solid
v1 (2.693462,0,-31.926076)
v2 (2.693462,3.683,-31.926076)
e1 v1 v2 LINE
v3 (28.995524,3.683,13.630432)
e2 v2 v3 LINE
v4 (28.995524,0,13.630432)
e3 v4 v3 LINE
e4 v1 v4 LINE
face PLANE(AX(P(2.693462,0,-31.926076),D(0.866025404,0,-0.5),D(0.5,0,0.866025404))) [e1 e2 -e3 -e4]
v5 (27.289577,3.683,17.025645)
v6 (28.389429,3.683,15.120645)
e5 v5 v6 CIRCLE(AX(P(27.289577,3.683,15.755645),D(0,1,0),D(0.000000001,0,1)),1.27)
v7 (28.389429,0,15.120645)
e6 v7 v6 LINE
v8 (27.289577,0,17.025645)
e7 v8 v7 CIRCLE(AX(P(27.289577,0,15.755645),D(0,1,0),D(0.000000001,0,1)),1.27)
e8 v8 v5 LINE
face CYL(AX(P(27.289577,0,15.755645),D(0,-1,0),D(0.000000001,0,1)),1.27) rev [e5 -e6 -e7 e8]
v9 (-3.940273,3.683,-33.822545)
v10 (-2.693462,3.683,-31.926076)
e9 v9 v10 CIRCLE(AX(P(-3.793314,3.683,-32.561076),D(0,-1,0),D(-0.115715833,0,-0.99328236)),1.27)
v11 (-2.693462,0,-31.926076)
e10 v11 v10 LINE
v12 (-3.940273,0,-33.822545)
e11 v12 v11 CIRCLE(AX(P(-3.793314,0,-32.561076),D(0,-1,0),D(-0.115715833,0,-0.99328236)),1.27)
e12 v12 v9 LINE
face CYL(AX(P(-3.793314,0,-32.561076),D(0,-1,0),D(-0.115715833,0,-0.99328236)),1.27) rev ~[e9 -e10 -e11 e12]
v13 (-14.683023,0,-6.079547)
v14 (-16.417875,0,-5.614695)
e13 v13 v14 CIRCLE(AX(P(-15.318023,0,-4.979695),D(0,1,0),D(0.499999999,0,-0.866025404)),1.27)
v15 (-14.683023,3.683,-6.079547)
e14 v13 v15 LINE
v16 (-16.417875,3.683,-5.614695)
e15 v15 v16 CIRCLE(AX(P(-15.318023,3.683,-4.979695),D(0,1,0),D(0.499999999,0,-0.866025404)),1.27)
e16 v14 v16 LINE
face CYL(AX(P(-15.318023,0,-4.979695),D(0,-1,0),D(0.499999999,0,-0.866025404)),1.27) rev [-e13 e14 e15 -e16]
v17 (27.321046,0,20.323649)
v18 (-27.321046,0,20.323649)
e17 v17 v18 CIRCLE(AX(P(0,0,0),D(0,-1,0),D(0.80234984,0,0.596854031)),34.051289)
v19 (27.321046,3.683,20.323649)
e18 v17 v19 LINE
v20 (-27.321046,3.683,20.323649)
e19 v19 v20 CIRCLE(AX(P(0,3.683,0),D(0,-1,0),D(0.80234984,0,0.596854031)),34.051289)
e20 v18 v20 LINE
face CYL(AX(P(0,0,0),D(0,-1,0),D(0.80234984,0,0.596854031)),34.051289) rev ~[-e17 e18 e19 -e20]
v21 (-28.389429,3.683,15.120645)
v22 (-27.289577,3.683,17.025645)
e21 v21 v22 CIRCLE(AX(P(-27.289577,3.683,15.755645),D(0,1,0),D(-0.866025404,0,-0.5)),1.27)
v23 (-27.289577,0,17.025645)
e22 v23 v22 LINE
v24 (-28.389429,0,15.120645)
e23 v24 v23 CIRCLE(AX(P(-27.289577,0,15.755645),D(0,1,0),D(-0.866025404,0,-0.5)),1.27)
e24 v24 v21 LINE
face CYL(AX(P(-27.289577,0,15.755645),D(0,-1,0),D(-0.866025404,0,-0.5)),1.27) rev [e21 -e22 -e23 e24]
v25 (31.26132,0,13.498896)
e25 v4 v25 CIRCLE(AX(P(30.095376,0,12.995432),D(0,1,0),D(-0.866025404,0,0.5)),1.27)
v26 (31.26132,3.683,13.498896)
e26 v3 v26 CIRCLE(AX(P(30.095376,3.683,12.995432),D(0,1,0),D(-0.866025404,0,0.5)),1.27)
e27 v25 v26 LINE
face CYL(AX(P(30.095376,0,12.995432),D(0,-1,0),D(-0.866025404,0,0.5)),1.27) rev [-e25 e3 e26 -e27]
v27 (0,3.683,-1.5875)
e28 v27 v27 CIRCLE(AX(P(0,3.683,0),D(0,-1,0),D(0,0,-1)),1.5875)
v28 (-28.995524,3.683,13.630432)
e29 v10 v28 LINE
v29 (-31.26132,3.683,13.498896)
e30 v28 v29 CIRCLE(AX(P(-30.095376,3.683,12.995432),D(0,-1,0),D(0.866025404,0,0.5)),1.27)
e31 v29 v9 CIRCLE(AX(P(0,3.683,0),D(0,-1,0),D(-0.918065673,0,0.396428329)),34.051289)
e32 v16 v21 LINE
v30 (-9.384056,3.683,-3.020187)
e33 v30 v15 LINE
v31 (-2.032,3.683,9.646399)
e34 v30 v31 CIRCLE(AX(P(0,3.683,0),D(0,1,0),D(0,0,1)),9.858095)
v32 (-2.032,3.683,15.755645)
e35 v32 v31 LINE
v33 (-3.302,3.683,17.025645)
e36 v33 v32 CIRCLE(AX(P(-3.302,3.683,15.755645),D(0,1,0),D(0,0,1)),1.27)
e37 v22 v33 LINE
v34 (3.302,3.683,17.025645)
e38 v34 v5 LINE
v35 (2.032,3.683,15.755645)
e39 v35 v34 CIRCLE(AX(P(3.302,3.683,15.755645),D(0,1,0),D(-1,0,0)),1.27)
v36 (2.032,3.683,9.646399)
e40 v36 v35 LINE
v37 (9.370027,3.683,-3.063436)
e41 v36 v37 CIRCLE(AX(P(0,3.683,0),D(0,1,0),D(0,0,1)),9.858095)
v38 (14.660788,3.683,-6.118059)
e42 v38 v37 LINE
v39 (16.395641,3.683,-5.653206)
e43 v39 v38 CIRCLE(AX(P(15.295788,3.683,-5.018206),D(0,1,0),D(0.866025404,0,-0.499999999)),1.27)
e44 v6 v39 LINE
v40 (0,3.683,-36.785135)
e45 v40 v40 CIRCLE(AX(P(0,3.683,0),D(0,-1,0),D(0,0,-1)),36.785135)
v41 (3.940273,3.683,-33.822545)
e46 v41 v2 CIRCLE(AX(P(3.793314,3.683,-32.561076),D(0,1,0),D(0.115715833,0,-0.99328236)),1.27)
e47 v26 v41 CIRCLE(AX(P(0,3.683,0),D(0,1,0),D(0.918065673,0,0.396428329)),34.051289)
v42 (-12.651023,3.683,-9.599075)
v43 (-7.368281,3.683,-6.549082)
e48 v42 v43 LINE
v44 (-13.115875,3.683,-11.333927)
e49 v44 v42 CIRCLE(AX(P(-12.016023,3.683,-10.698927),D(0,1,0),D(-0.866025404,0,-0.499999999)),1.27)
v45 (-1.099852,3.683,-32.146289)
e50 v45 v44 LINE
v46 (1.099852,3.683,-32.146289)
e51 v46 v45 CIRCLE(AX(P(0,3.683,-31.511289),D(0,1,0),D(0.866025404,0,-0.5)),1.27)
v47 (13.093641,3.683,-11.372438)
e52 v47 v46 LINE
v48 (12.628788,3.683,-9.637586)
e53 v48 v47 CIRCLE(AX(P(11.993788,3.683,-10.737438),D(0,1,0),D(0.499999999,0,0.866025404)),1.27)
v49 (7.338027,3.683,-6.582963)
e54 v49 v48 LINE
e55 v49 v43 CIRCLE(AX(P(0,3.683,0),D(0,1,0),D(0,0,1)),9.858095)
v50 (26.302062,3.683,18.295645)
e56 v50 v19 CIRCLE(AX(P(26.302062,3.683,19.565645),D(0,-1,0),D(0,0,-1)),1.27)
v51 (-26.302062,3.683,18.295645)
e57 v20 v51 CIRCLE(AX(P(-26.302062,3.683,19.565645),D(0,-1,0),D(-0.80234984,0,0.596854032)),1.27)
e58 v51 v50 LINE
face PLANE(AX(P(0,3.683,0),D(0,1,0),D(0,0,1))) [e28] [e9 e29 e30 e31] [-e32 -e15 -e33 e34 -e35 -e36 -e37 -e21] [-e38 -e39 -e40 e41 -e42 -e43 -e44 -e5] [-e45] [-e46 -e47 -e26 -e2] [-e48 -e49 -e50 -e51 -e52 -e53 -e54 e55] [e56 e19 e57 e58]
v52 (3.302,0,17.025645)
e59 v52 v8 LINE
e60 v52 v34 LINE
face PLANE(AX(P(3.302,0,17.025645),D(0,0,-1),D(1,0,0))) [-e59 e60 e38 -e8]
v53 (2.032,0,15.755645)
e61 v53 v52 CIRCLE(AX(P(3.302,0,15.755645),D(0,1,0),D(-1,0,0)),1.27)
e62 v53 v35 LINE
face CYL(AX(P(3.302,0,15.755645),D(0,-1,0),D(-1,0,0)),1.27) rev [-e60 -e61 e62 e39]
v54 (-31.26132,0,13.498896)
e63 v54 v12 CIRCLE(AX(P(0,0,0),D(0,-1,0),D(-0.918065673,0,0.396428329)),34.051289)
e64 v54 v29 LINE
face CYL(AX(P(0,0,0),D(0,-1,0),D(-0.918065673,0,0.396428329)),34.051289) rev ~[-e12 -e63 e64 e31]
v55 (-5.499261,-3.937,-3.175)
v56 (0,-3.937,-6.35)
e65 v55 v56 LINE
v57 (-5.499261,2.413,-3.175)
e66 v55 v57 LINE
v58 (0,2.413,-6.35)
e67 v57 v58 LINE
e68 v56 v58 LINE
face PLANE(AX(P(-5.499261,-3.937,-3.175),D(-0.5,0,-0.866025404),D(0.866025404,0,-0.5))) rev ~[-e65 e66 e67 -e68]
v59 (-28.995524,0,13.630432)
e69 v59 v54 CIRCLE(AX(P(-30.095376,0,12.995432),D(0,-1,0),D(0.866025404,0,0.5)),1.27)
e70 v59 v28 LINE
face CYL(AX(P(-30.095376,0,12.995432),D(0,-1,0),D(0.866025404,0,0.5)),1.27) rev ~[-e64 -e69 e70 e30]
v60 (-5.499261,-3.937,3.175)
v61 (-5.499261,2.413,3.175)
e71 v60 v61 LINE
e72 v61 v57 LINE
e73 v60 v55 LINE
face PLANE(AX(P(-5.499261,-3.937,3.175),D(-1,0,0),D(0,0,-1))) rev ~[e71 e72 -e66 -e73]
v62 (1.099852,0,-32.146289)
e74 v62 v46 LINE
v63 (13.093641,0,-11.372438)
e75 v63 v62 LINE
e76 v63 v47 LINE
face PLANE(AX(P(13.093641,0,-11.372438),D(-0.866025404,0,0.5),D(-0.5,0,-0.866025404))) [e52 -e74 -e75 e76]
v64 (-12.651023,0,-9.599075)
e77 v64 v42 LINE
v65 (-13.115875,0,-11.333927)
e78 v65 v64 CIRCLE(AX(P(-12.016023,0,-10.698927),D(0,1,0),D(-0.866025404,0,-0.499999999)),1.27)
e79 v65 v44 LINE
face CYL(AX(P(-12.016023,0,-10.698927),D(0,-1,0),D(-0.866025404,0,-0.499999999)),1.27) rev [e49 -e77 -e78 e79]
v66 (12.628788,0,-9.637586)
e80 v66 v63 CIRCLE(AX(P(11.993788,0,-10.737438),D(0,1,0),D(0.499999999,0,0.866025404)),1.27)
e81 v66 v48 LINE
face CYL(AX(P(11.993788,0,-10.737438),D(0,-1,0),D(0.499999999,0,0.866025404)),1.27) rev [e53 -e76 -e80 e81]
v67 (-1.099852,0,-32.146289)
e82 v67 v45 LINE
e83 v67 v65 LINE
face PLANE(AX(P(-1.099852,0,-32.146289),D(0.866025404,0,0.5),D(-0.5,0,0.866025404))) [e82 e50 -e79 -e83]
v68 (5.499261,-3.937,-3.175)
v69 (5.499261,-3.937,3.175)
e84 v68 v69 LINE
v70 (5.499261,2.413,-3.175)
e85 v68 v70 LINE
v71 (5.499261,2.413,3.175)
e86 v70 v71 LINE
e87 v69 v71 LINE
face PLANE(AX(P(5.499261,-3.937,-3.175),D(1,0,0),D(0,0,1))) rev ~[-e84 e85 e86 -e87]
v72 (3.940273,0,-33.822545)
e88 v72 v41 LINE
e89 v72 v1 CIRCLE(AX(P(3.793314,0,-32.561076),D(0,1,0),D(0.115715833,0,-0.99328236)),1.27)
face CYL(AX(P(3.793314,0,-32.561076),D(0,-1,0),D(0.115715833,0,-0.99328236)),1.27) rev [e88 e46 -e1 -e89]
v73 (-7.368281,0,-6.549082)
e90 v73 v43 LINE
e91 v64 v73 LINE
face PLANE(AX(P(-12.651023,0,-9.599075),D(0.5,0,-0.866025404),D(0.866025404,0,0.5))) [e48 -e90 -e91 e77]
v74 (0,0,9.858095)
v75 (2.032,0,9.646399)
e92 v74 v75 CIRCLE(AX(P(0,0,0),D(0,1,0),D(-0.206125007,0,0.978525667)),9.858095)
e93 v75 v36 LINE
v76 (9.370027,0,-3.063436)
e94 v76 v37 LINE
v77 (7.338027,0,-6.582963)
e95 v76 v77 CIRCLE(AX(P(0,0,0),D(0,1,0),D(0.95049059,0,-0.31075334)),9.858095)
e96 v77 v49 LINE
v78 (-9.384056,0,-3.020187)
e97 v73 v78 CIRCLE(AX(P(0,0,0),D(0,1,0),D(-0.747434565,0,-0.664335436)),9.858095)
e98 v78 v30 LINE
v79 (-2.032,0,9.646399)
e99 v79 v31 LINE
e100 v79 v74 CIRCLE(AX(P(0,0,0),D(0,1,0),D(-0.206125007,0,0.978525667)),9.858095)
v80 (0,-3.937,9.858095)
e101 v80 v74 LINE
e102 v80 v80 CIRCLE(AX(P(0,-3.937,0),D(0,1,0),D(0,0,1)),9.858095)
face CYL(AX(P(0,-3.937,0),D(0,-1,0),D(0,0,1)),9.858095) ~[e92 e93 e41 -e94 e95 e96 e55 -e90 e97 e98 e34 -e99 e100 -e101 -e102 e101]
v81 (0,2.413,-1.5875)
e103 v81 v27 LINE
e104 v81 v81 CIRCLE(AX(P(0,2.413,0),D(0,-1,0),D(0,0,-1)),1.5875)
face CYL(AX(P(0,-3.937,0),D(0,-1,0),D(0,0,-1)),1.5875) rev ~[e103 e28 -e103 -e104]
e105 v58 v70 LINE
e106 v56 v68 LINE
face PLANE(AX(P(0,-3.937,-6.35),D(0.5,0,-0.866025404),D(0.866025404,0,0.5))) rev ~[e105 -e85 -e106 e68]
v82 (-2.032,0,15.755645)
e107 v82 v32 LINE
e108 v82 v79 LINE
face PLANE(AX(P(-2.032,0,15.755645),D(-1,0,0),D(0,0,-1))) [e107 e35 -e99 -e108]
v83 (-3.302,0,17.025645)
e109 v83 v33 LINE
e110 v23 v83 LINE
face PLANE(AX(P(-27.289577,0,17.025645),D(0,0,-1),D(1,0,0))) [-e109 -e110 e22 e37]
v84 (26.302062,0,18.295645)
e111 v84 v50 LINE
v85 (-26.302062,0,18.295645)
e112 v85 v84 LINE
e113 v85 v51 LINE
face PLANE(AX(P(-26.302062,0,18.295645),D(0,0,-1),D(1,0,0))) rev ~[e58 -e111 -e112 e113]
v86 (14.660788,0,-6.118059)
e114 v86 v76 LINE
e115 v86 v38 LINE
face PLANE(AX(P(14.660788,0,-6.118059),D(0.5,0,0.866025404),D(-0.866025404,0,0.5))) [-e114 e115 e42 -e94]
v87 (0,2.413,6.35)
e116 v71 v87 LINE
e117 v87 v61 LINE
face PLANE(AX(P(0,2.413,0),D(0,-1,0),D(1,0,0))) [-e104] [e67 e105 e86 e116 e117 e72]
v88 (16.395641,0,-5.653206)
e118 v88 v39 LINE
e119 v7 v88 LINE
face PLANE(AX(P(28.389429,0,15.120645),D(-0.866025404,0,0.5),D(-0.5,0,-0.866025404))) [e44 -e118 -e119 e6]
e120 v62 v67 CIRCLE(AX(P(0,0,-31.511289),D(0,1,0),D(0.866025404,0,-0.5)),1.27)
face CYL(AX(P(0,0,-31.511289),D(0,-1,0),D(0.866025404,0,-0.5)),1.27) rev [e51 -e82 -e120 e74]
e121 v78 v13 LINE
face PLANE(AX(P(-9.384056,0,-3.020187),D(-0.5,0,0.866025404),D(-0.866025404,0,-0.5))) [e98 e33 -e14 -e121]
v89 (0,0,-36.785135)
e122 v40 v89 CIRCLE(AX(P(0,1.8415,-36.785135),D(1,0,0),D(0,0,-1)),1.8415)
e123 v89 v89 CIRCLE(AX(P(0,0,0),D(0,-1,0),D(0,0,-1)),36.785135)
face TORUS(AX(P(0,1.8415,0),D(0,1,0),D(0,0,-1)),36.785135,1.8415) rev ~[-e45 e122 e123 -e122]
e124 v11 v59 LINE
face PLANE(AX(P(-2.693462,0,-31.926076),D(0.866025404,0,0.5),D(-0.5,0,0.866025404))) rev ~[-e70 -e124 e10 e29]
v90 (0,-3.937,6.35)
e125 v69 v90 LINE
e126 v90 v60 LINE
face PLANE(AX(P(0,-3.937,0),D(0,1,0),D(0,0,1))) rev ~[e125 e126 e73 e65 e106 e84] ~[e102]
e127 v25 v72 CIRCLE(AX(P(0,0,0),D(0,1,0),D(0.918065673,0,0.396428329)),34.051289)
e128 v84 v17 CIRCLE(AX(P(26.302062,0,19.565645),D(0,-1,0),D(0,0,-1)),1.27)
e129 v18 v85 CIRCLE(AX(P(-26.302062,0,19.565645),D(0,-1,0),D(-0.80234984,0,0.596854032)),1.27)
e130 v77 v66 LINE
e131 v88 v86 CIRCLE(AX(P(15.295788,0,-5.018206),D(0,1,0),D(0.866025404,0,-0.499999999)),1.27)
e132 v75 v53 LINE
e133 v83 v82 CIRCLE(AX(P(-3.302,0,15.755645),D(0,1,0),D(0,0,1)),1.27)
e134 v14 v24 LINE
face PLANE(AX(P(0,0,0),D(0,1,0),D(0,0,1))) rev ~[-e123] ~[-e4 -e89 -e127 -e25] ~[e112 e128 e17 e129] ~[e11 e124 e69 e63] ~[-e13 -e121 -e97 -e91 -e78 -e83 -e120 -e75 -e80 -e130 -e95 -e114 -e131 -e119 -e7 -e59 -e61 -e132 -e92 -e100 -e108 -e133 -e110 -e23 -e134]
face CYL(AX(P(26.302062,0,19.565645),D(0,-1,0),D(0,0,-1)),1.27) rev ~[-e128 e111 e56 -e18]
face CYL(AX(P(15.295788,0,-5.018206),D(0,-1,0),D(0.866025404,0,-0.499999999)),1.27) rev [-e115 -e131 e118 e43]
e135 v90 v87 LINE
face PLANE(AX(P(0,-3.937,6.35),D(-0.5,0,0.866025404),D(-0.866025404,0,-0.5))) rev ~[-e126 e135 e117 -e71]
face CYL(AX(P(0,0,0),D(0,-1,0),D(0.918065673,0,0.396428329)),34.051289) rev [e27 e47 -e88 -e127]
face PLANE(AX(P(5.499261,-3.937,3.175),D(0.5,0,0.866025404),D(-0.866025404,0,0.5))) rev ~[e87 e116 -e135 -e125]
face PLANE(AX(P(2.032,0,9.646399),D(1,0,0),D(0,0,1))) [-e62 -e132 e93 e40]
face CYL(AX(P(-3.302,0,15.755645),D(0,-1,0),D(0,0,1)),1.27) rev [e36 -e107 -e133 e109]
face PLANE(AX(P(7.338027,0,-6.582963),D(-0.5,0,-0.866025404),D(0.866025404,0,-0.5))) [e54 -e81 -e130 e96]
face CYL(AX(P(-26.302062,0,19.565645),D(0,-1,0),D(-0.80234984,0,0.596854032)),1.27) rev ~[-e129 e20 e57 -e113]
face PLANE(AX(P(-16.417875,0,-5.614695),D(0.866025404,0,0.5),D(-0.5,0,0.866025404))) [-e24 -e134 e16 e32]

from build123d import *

# Parameters (mm, degrees)
SKETCH1_R           = 36.785134715
BOSS_EXTRUDE1_DEPTH = 3.683
SKETCH2_R           = 1.8415
BOSS_EXTRUDE2_START = -7.62
SKETCH5_R           = 9.858095427
BOSS_EXTRUDE2_DEPTH = 7.62
SKETCH6_R           = 1.5875
CUT_EXTRUDE1_DEPTH  = 53.577149714
CUT_EXTRUDE3_DEPTH  = 6.35


with BuildPart() as part:
    # Sketch1 → Boss-Extrude1 (new body)
    with BuildSketch(Plane(origin=(0, 0, 0), x_dir=(1, 0, 0), z_dir=(0, 1, 0))):
        Circle(SKETCH1_R)
        with BuildLine():
            Line((-1.099852263, 32.146289174), (-13.115875302, 11.333926765))
            ThreePointArc((-13.115875302, 11.333926765), (-13.242748838, 10.370226578), (-12.651023039, 9.599074503))
            Line((-12.651023039, 9.599074503), (-7.368281269, 6.549082119))
            ThreePointArc((-7.368281269, 6.549082119), (-8.559992893, 4.889638753), (-9.384056343, 3.020187413))
            Line((-9.384056343, 3.020187413), (-14.683023039, 6.079547262))
            ThreePointArc((-14.683023039, 6.079547262), (-15.646723226, 6.206420798), (-16.417875302, 5.614694999))
            Line((-16.417875302, 5.614694999), (-28.389429193, -15.120644587))
            ThreePointArc((-28.389429193, -15.120644587), (-28.389429193, -16.390644587), (-27.289576931, -17.025644587))
            Line((-27.289576931, -17.025644587), (-3.302, -17.025644587))
            ThreePointArc((-3.302, -17.025644587), (-2.403974388, -16.653670199), (-2.032, -15.755644587))
            Line((-2.032, -15.755644587), (-2.032, -9.646399404))
            ThreePointArc((-2.032, -9.646399404), (0, -9.858095427), (2.032, -9.646399404))
            Line((2.032, -9.646399404), (2.032, -15.755644587))
            ThreePointArc((2.032, -15.755644587), (2.403974388, -16.653670199), (3.302, -17.025644587))
            Line((3.302, -17.025644587), (27.289576931, -17.025644587))
            ThreePointArc((27.289576931, -17.025644587), (28.389429193, -16.390644587), (28.389429193, -15.120644587))
            Line((28.389429193, -15.120644587), (16.395640728, 5.65320641))
            ThreePointArc((16.395640728, 5.65320641), (15.624488653, 6.24493221), (14.660788465, 6.118058673))
            Line((14.660788465, 6.118058673), (9.370026939, 3.063436081))
            ThreePointArc((9.370026939, 3.063436081), (8.537361073, 4.929047714), (7.338026939, 6.582963322))
            Line((7.338026939, 6.582963322), (12.628788465, 9.637585914))
            ThreePointArc((12.628788465, 9.637585914), (13.220514265, 10.408737989), (13.093640728, 11.372438177))
            Line((13.093640728, 11.372438177), (1.099852263, 32.146289174))
            ThreePointArc((1.099852263, 32.146289174), (0, 32.781289174), (-1.099852263, 32.146289174))
        make_face(mode=Mode.SUBTRACT)
        with BuildLine():
            Line((-2.693461931, 31.926076262), (-28.995524051, -13.630431675))
            ThreePointArc((-28.995524051, -13.630431675), (-30.168979582, -14.26329703), (-31.261319719, -13.498895652))
            ThreePointArc((-31.261319719, -13.498895652), (-29.489281456, 17.025644587), (-3.940273302, 33.822544859))
            ThreePointArc((-3.940273302, 33.822544859), (-2.732112221, 33.258751239), (-2.693461931, 31.926076262))
        make_face(mode=Mode.SUBTRACT)
        with BuildLine():
            Line((2.693461931, 31.926076262), (28.995524051, -13.630431675))
            ThreePointArc((28.995524051, -13.630431675), (30.168979582, -14.26329703), (31.261319719, -13.498895652))
            ThreePointArc((31.261319719, -13.498895652), (29.489281456, 17.025644587), (3.940273302, 33.822544859))
            ThreePointArc((3.940273302, 33.822544859), (2.732112221, 33.258751239), (2.693461931, 31.926076262))
        make_face(mode=Mode.SUBTRACT)
        with BuildLine():
            Line((-26.302062121, -18.295644587), (26.302062121, -18.295644587))
            ThreePointArc((26.302062121, -18.295644587), (27.436867361, -18.995454209), (27.321046417, -20.323649206))
            ThreePointArc((27.321046417, -20.323649206), (0, -34.051289174), (-27.321046417, -20.323649206))
            ThreePointArc((-27.321046417, -20.323649206), (-27.436867361, -18.995454209), (-26.302062121, -18.295644587))
        make_face(mode=Mode.SUBTRACT)
    extrude(amount=BOSS_EXTRUDE1_DEPTH)

    # Sketch2 → Cut-Revolve2 (revolve, cut)
    with BuildSketch(Plane.XY):
        with Locations((36.785134715, 1.8415)):
            Circle(SKETCH2_R)
    revolve(axis=Axis((0, 0, 0), (0, 1, 0)), mode=Mode.SUBTRACT)

    # Sketch5 → Boss-Extrude2 (add)
    with BuildSketch(Plane(origin=(0, 3.683, 0), x_dir=(1, 0, 0), z_dir=(0, 1, 0)).offset(BOSS_EXTRUDE2_START)):
        Circle(SKETCH5_R)
    extrude(amount=BOSS_EXTRUDE2_DEPTH)

    # Sketch6 → Cut-Extrude1 (cut, through all)
    with BuildSketch(Plane.XZ.offset(3.937)):
        Circle(SKETCH6_R)
    extrude(amount=-CUT_EXTRUDE1_DEPTH, mode=Mode.SUBTRACT)

    # Sketch8 → Cut-Extrude3 (cut)
    with BuildSketch(Plane.XZ.offset(3.937)):
        Polygon((0, 6.35), (-5.499261314, 3.175), (-5.499261314, -3.175), (0, -6.35), (5.499261314, -3.175), (5.499261314, 3.175), align=None)
    extrude(amount=-CUT_EXTRUDE3_DEPTH, mode=Mode.SUBTRACT)


solid = part.part
